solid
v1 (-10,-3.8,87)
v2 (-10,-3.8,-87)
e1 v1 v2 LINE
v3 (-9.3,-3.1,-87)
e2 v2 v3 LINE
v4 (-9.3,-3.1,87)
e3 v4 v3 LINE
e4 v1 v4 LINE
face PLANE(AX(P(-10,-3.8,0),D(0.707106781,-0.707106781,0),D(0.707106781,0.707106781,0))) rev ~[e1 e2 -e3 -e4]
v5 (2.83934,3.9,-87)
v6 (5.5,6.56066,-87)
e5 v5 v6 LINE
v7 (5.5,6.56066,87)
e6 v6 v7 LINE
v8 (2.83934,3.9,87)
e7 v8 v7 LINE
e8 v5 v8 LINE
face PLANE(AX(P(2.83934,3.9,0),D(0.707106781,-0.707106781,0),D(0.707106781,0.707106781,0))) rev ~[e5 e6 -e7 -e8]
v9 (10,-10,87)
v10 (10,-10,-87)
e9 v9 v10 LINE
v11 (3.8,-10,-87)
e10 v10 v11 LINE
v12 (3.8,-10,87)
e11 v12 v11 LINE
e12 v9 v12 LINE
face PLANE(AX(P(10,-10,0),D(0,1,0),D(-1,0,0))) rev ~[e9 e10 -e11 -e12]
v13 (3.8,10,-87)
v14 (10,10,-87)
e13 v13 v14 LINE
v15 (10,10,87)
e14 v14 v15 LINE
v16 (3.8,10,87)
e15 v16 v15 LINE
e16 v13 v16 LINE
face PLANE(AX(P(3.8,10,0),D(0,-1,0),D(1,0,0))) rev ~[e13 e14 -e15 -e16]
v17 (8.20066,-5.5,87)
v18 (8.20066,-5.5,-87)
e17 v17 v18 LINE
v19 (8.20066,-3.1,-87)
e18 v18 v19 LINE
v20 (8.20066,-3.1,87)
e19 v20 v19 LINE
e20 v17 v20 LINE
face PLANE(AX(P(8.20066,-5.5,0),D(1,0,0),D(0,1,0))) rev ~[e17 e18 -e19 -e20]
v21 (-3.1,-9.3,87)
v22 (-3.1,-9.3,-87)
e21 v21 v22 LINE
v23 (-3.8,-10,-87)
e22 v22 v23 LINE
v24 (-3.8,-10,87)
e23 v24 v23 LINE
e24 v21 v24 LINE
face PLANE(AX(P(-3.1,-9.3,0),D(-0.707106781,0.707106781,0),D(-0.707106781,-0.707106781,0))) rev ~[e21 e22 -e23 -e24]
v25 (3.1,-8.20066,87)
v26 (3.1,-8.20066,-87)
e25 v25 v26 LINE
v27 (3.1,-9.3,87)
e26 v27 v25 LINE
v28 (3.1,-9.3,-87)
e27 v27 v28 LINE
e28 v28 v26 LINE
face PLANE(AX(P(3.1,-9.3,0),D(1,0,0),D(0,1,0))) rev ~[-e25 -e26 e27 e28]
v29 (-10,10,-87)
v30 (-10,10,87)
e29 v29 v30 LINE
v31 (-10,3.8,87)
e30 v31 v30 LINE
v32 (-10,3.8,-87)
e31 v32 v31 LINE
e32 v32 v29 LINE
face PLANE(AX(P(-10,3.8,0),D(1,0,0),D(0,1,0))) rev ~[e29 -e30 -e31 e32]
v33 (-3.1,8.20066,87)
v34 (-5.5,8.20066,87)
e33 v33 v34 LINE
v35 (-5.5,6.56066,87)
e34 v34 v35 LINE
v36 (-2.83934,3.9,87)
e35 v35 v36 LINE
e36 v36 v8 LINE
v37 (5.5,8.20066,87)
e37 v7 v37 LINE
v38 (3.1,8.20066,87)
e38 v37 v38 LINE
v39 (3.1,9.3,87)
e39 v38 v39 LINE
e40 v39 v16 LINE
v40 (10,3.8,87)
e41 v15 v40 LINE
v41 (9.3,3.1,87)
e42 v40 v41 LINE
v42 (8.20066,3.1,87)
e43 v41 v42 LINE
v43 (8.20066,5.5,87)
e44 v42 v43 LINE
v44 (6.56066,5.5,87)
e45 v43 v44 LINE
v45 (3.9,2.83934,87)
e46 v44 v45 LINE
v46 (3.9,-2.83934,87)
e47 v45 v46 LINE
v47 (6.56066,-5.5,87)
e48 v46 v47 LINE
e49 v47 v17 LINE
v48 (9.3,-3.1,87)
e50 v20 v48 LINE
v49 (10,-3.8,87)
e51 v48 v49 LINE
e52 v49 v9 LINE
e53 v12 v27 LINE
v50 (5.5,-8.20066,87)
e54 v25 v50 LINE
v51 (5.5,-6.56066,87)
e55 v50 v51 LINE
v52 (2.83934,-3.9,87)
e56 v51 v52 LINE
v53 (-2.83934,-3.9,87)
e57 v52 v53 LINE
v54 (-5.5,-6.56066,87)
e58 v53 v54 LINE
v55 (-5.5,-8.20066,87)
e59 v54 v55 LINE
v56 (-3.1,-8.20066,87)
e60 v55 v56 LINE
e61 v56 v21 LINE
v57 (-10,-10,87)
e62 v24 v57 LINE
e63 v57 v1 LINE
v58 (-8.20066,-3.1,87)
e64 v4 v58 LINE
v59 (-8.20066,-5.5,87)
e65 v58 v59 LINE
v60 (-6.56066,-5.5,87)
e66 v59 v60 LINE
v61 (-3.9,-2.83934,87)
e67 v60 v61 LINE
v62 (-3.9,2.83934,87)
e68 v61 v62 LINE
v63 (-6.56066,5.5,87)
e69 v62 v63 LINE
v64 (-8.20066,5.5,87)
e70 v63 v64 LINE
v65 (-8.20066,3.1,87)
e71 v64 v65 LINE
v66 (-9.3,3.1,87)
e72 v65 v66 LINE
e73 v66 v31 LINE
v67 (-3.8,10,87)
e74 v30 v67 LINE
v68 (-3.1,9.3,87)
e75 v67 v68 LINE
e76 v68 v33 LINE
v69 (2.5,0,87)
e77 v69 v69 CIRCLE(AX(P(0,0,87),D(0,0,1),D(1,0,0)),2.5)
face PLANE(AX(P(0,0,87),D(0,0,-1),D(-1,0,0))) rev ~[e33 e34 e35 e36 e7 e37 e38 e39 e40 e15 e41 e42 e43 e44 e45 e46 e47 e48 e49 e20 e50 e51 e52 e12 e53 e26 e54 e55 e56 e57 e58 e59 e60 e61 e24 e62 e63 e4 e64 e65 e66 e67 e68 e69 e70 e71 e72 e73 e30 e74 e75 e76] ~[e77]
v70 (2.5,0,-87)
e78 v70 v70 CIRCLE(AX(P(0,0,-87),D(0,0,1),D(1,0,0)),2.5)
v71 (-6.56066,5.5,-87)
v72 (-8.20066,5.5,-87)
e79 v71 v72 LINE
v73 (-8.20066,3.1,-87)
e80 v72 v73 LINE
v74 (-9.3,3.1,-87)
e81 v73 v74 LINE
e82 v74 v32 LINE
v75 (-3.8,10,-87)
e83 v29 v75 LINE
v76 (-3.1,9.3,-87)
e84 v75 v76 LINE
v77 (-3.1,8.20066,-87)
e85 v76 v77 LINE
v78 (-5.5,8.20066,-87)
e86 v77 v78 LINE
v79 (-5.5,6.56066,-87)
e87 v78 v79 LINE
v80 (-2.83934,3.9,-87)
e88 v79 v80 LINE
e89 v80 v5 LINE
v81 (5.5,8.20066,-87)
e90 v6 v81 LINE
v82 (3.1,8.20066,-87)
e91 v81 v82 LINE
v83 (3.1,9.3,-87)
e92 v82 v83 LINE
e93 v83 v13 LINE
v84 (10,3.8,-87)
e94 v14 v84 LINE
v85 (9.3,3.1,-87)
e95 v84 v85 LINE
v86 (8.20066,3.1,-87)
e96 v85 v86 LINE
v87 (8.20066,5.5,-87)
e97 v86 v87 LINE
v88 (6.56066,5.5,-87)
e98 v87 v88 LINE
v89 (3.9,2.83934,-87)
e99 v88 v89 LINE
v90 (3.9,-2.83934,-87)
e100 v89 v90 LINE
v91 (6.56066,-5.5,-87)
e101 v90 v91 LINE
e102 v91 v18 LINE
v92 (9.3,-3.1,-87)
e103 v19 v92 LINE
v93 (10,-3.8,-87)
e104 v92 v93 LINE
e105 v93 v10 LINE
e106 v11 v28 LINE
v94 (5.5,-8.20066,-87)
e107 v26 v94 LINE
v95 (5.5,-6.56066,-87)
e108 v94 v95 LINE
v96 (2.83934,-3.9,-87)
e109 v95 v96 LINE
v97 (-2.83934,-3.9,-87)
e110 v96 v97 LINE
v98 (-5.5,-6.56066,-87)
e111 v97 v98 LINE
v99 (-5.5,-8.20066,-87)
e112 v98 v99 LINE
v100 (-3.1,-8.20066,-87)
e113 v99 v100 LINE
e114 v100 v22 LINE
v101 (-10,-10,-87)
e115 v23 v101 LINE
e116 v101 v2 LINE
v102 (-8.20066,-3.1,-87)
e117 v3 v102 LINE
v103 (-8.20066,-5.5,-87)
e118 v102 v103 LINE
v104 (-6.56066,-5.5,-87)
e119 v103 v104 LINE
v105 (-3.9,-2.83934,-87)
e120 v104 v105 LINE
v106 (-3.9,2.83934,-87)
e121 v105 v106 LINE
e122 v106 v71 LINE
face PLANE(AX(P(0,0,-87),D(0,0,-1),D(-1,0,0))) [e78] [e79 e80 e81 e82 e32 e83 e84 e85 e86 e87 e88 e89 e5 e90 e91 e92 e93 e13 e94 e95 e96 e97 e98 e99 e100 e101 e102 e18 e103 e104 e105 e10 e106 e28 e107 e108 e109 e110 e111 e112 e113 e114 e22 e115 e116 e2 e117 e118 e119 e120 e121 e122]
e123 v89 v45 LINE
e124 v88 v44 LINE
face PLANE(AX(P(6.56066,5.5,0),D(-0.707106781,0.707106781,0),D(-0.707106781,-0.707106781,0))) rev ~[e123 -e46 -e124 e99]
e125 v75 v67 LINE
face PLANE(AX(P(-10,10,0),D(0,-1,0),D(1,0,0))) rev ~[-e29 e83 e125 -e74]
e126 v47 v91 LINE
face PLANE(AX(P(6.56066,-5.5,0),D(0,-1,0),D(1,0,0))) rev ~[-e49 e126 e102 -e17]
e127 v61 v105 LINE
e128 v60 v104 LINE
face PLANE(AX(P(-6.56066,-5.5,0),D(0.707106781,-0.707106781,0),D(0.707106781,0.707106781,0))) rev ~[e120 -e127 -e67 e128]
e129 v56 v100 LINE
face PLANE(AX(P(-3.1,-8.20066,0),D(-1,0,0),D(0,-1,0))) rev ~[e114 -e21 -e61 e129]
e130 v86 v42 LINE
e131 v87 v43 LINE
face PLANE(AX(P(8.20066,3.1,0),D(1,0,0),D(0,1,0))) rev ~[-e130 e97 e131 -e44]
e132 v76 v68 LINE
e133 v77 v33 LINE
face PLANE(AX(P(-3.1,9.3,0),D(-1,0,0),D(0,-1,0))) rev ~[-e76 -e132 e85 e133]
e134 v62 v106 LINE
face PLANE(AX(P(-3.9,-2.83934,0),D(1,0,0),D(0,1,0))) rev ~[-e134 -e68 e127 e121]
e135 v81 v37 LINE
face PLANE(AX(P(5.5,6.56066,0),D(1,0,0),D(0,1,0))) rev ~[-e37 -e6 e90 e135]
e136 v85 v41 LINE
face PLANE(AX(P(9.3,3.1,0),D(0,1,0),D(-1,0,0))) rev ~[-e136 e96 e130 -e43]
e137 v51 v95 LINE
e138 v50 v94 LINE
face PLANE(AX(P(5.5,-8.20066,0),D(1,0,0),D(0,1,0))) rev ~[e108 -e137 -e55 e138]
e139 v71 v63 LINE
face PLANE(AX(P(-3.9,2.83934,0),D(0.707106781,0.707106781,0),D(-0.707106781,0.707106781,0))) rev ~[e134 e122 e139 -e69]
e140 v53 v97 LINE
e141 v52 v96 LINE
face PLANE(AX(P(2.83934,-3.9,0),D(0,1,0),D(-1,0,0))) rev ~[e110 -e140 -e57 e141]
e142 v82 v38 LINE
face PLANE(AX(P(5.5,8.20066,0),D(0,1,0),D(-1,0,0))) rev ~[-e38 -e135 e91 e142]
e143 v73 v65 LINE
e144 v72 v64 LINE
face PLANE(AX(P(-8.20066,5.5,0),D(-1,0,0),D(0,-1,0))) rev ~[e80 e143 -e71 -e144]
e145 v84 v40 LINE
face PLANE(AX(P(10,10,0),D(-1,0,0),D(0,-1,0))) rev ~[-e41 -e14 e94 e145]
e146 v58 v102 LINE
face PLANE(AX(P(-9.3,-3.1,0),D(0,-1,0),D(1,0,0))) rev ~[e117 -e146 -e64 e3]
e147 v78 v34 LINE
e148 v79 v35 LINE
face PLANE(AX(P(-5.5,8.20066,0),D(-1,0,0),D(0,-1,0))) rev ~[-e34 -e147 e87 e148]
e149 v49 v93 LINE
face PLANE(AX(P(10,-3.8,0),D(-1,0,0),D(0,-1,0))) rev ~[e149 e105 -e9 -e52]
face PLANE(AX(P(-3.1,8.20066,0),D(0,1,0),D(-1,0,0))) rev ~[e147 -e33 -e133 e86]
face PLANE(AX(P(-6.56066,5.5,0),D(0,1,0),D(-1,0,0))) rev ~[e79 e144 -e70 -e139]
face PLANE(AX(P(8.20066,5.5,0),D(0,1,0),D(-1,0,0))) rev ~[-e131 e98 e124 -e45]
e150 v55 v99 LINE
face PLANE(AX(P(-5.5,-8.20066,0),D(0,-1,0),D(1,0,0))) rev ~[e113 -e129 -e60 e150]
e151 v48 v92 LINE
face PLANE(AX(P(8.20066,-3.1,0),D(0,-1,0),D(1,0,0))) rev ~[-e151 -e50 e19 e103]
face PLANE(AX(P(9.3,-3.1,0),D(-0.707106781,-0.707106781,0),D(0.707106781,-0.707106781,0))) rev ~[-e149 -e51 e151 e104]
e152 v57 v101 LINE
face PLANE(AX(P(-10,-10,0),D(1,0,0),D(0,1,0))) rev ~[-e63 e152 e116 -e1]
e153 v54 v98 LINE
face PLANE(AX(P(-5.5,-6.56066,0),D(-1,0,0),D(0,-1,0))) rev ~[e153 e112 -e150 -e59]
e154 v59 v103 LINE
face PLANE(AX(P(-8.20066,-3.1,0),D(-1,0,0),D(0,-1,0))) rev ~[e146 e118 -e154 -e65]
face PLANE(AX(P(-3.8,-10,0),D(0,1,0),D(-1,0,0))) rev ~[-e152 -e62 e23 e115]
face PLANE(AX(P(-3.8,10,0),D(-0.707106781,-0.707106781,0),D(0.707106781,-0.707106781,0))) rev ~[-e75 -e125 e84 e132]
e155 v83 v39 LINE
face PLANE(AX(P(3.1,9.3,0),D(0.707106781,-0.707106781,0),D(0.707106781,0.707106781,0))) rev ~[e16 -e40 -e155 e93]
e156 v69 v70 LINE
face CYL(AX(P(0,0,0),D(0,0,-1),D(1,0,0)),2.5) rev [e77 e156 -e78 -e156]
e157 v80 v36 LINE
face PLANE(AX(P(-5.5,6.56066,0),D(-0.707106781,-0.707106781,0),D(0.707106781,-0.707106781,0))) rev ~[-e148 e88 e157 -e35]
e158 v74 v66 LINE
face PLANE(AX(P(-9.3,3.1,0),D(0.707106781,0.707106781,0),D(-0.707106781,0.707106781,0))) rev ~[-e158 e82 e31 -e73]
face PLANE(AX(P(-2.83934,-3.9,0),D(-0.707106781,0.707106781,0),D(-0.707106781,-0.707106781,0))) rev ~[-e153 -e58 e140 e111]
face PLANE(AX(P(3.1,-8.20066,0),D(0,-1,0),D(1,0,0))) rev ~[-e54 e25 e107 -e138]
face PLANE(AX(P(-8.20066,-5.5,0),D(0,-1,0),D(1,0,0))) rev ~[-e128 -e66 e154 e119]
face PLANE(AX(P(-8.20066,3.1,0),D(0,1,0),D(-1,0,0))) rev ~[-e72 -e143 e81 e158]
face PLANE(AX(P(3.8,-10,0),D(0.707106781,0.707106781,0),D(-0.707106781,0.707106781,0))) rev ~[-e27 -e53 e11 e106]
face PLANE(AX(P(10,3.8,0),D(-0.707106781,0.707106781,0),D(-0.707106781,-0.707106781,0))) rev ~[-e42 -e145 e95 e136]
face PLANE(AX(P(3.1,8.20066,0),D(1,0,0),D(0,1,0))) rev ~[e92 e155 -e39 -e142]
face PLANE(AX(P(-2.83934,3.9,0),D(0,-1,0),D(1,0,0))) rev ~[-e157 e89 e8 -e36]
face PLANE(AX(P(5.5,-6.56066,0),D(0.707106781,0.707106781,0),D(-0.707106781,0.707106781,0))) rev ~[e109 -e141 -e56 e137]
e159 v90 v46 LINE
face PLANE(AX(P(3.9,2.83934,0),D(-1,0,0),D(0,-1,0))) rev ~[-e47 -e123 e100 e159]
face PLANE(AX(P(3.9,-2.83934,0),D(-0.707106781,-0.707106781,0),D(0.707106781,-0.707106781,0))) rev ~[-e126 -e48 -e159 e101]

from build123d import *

# Parameters (mm, degrees)
SKETCH1_R           = 2.5
BOSS_EXTRUDE1_DEPTH = 87


with BuildPart() as part:
    # Sketch1 → Boss-Extrude1 (new, symmetric)
    with BuildSketch(Plane.XY):
        Polygon((3.9, -2.839339828), (6.560660172, -5.5), (8.200660172, -5.5), (8.200660172, -3.1), (9.3, -3.1), (10, -3.8), (10, -10), (3.8, -10), (3.1, -9.3), (3.1, -8.200660172), (5.5, -8.200660172), (5.5, -6.560660172), (2.839339828, -3.9), (-2.839339828, -3.9), (-5.5, -6.560660172), (-5.5, -8.200660172), (-3.1, -8.200660172), (-3.1, -9.3), (-3.8, -10), (-10, -10), (-10, -3.8), (-9.3, -3.1), (-8.200660172, -3.1), (-8.200660172, -5.5), (-6.560660172, -5.5), (-3.9, -2.839339828), (-3.9, 2.839339828), (-6.560660172, 5.5), (-8.200660172, 5.5), (-8.200660172, 3.1), (-9.3, 3.1), (-10, 3.8), (-10, 10), (-3.8, 10), (-3.1, 9.3), (-3.1, 8.200660172), (-5.5, 8.200660172), (-5.5, 6.560660172), (-2.839339828, 3.9), (2.839339828, 3.9), (5.5, 6.560660172), (5.5, 8.200660172), (3.1, 8.200660172), (3.1, 9.3), (3.8, 10), (10, 10), (10, 3.8), (9.3, 3.1), (8.200660172, 3.1), (8.200660172, 5.5), (6.560660172, 5.5), (3.9, 2.839339828), align=None)
        Circle(SKETCH1_R, mode=Mode.SUBTRACT)
    extrude(amount=BOSS_EXTRUDE1_DEPTH, both=True)


solid = part.part
